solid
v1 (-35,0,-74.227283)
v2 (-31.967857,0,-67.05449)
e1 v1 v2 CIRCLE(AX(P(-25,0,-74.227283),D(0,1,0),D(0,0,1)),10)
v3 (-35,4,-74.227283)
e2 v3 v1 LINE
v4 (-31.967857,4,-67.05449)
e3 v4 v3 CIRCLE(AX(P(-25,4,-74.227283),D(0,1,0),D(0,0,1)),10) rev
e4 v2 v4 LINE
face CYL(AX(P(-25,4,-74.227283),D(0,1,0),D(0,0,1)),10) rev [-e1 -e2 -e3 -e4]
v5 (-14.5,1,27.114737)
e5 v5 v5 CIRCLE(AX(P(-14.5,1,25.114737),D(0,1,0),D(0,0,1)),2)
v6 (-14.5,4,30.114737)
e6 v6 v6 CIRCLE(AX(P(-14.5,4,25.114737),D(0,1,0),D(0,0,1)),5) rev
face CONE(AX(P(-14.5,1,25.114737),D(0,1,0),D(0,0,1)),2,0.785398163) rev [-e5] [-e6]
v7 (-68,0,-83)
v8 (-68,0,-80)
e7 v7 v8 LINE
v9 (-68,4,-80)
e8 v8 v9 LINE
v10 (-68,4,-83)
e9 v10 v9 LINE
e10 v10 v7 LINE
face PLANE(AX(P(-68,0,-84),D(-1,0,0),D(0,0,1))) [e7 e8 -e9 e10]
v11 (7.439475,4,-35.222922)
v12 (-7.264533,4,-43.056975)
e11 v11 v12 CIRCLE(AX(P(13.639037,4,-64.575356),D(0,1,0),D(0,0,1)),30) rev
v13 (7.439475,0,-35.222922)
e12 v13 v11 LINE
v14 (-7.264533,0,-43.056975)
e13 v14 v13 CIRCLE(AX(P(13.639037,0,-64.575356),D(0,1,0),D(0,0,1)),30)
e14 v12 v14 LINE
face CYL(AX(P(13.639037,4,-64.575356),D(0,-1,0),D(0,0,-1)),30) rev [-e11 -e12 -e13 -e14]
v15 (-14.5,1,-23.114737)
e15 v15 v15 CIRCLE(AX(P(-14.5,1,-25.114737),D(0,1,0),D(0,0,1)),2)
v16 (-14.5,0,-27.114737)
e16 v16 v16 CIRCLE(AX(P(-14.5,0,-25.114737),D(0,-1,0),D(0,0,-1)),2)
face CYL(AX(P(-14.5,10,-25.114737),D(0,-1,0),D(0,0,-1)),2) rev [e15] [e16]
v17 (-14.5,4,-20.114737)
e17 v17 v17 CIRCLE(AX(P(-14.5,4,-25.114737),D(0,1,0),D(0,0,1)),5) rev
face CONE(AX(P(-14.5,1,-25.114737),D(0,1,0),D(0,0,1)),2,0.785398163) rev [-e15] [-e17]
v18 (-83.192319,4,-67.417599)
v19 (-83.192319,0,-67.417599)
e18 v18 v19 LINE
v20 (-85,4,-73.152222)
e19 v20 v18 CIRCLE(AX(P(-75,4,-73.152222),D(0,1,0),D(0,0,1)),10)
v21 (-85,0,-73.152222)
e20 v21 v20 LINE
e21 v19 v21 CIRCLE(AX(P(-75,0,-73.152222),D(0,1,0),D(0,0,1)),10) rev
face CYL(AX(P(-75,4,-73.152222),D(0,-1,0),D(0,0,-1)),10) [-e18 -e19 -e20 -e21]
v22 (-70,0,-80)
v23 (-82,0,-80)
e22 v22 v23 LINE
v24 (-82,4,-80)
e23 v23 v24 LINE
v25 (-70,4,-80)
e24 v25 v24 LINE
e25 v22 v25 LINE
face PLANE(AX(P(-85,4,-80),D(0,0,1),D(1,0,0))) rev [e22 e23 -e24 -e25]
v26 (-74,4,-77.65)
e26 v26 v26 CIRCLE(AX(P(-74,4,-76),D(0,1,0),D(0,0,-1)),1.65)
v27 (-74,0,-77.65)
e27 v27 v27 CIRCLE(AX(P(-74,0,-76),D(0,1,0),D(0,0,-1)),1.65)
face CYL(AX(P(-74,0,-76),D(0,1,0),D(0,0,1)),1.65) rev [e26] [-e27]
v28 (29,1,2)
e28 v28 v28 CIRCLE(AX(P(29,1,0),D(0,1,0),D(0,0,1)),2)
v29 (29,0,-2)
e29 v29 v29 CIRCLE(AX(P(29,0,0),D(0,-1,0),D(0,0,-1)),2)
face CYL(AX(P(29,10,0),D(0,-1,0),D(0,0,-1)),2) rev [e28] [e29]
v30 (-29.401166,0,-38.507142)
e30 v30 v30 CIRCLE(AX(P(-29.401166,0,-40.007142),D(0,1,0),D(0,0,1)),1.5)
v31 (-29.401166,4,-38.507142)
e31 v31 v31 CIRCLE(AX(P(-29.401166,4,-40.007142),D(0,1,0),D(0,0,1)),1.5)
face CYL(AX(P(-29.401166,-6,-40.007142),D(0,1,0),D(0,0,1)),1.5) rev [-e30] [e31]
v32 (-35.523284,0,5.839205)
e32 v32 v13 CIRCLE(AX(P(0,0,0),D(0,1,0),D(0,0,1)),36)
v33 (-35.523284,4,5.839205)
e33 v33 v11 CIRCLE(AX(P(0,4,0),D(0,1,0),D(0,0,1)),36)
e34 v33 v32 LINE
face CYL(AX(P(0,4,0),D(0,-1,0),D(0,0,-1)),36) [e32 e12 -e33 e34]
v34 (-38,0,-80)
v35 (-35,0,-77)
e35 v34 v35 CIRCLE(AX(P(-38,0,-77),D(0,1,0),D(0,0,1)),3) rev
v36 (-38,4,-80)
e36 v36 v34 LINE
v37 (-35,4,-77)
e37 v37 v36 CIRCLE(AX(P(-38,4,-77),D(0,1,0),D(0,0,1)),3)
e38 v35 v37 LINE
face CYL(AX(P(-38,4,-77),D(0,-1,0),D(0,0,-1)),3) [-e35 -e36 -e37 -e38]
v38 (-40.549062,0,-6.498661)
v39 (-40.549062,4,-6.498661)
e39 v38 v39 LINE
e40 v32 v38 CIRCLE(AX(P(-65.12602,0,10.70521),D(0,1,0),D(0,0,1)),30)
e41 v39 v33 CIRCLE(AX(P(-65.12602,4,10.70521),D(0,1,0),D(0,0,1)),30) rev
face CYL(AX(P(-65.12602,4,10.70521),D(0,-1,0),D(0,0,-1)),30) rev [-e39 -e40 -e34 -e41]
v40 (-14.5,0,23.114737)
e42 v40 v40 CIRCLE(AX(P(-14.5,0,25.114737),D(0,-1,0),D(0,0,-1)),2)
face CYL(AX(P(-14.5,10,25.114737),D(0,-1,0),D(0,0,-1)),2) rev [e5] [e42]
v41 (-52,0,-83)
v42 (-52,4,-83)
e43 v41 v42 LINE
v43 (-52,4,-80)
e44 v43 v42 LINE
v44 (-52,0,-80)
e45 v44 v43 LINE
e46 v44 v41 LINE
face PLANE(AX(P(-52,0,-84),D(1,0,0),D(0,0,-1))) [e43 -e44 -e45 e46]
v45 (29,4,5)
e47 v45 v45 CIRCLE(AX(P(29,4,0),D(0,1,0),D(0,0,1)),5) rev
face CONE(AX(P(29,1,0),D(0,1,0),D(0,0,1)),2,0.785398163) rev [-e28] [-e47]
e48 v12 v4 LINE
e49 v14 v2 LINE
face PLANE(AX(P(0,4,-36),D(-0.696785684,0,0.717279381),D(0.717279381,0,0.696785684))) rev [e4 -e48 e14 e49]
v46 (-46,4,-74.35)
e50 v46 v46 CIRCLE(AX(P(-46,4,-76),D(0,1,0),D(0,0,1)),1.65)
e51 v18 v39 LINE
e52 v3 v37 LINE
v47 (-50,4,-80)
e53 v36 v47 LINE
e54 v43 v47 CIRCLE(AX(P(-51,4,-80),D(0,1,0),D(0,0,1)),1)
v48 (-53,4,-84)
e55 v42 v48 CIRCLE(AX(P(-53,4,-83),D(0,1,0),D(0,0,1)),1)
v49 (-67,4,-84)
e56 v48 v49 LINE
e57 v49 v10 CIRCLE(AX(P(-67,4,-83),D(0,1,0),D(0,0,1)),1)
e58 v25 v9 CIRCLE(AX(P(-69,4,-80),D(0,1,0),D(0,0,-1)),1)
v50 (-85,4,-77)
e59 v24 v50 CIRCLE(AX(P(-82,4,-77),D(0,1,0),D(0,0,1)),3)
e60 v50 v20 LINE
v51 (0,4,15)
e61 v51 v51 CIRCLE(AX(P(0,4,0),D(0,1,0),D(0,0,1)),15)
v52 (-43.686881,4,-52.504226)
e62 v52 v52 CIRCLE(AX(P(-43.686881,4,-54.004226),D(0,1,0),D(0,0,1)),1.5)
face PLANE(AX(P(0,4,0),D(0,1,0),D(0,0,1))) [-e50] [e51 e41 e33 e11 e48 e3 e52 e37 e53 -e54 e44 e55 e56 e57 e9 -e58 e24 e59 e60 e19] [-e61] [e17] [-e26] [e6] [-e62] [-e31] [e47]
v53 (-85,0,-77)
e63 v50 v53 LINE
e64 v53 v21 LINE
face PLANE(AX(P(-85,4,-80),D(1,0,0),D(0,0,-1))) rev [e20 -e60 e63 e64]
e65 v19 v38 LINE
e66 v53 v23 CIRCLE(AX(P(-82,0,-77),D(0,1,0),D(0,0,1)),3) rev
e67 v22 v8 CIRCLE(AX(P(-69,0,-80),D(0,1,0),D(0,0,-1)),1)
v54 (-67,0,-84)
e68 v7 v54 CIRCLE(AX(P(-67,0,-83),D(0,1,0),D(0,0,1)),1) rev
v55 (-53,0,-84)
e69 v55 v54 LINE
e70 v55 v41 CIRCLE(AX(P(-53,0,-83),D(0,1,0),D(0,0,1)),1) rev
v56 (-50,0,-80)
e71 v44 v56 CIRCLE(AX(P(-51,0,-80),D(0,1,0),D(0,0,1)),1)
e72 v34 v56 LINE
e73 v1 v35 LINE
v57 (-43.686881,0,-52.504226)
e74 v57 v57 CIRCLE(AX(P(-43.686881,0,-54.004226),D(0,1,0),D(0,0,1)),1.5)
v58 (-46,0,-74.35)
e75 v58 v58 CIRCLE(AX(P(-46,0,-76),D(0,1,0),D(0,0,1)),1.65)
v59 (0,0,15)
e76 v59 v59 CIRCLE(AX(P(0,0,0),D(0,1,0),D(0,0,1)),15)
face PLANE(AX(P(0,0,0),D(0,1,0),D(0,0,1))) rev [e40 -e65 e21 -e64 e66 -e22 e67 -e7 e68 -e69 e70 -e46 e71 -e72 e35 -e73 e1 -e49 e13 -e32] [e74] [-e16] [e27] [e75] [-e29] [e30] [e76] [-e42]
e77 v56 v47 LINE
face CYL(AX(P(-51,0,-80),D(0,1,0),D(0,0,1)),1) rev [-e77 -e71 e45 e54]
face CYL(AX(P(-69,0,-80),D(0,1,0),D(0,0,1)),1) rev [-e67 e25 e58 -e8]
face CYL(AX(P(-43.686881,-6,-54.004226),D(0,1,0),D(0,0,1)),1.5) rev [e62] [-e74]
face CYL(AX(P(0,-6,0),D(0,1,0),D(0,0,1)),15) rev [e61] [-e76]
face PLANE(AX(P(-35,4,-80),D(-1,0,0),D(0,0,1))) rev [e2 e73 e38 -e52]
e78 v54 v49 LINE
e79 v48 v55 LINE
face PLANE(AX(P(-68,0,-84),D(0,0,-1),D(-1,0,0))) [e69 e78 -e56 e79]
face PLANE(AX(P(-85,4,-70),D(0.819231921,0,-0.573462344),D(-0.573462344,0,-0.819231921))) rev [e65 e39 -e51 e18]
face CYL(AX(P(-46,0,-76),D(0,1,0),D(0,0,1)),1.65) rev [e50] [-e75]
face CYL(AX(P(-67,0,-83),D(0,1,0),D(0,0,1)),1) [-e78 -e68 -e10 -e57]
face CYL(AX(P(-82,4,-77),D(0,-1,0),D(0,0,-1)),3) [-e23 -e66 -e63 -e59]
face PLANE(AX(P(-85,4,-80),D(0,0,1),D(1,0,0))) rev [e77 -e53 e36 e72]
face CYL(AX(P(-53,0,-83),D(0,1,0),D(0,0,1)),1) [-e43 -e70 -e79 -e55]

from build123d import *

# Parameters (mm, degrees)
EXTRUDE_1_DEPTH     = 4
FILLET_1_R          = 30
FILLET_2_R          = 30
SKETCH_4_R          = 1.65
CUT_EXTRUDE_3_DEPTH = 4
FILLET_4_R          = 10
FILLET_5_R          = 3
SKETCH_7_W          = 16
SKETCH_7_H          = 4
EXTRUDE_3_DEPTH     = 4
CUT_EXTRUDE_5_DEPTH = 4
FILLET_7_R          = 1
SKETCH_9_R          = 15
CUT_EXTRUDE_6_DEPTH = 10
SKETCH_10_R         = 2
CUT_EXTRUDE_7_DEPTH = 10
CHAMFER_1_SIZE      = 3
SKETCH_11_R         = 1.2
CUT_EXTRUDE_8_DEPTH = 10
SKETCH_12_R         = 1.5
CUT_EXTRUDE_9_DEPTH = 10


with BuildPart() as part:
    # 草图1 → 凸台-拉伸1 (new body)
    with BuildSketch(Plane(origin=(0, 0, 0), x_dir=(1, 0, 0), z_dir=(0, 1, 0))):
        with BuildLine():
            Line((-85, 80), (-35, 80))
            Line((-35, 80), (-35, 70))
            Line((-35, 70), (0, 36))
            ThreePointArc((0, 36), (25.455844123, -25.455844123), (-36, 0))
            Line((-36, 0), (-85, 70))
            Line((-85, 70), (-85, 80))
        make_face()
    extrude(amount=EXTRUDE_1_DEPTH)

    # 圆角1
    fillet_1_edges = [part.edges().sort_by_distance(p)[0] for p in [
        (0, 2, -36),
    ]]
    fillet(fillet_1_edges, radius=FILLET_1_R)

    # 圆角2
    fillet_2_edges = [part.edges().sort_by_distance(p)[0] for p in [
        (-36, 2, 0),
    ]]
    fillet(fillet_2_edges, radius=FILLET_2_R)

    # 草图4 → 切除-拉伸3 (cut)
    with BuildSketch(Plane(origin=(0, 4, 0), x_dir=(1, 0, 0), z_dir=(0, 1, 0))):
        with Locations(Location((-46, 76, 0), (0, 0, 270))):
            Circle(SKETCH_4_R)
        with Locations(Location((-74, 76, 0), (0, 0, 90))):
            Circle(SKETCH_4_R)
    extrude(amount=-CUT_EXTRUDE_3_DEPTH, mode=Mode.SUBTRACT)

    # 圆角4
    fillet_4_edges = [part.edges().sort_by_distance(p)[0] for p in [
        (-35, 2, -70),
        (-85, 2, -70),
    ]]
    fillet(fillet_4_edges, radius=FILLET_4_R)

    # 圆角5
    fillet_5_edges = [part.edges().sort_by_distance(p)[0] for p in [
        (-85, 2, -80),
        (-35, 2, -80),
    ]]
    fillet(fillet_5_edges, radius=FILLET_5_R)

    # 草图7 → 凸台-拉伸3 (add)
    with BuildSketch(Plane(origin=(0, 4, 0), x_dir=(1, 0, 0), z_dir=(0, 1, 0))):
        with Locations((-60, 82)):
            Rectangle(SKETCH_7_W, SKETCH_7_H)
    extrude(amount=-EXTRUDE_3_DEPTH)

    # 草图8 → 切除-拉伸5 (cut)
    with BuildSketch(Plane(origin=(0, 4, 0), x_dir=(1, 0, 0), z_dir=(0, 1, 0))):
        with BuildLine():
            Line((-50, 80), (-52, 80))
            ThreePointArc((-52, 80), (-51, 79), (-50, 80))
        make_face()
        with BuildLine():
            Line((-70, 80), (-68, 80))
            ThreePointArc((-68, 80), (-69, 79), (-70, 80))
        make_face()
    extrude(amount=-CUT_EXTRUDE_5_DEPTH, mode=Mode.SUBTRACT)

    # 圆角7
    fillet_7_edges = [part.edges().sort_by_distance(p)[0] for p in [
        (-52, 2, -84),
        (-68, 2, -84),
    ]]
    fillet(fillet_7_edges, radius=FILLET_7_R)

    # 草图9 → 切除-拉伸6 (cut)
    with BuildSketch(Plane(origin=(0, 4, 0), x_dir=(1, 0, 0), z_dir=(0, 1, 0))):
        with Locations(Location((0, 0, 0), (0, 0, 270))):
            Circle(SKETCH_9_R)
    extrude(amount=-CUT_EXTRUDE_6_DEPTH, mode=Mode.SUBTRACT)

    # 草图10 → 切除-拉伸7 (cut)
    with BuildSketch(Plane.XZ):
        with Locations(Location((29, 0, 0), (0, 0, 270))):
            Circle(SKETCH_10_R)
        with Locations(Location((-14.5, -25.11473671, 0), (0, 0, 270))):
            Circle(SKETCH_10_R)
        with Locations(Location((-14.5, 25.11473671, 0), (0, 0, 270))):
            Circle(SKETCH_10_R)
    extrude(amount=-CUT_EXTRUDE_7_DEPTH, mode=Mode.SUBTRACT)

    # 倒角1
    chamfer_1_edges = [part.edges().sort_by_distance(p)[0] for p in [
        (29, 4, 2),
        (-14.5, 4, -23.11473671),
        (-14.5, 4, 27.11473671),
    ]]
    chamfer(chamfer_1_edges, length=CHAMFER_1_SIZE)

    # 草图11 → 切除-拉伸8 (cut)
    with BuildSketch(Plane(origin=(0, 4, 0), x_dir=(1, 0, 0), z_dir=(0, 1, 0))):
        with Locations(Location((-29.401166302, 40.007142113, 0), (0, 0, 270))):
            Circle(SKETCH_11_R)
        with Locations(Location((-43.686880588, 54.004226358, 0), (0, 0, 270))):
            Circle(SKETCH_11_R)
    extrude(amount=-CUT_EXTRUDE_8_DEPTH, mode=Mode.SUBTRACT)

    # 草图12 → 切除-拉伸9 (cut)
    with BuildSketch(Plane(origin=(0, 4, 0), x_dir=(1, 0, 0), z_dir=(0, 1, 0))):
        with Locations(Location((-43.686880588, 54.004226358, 0), (0, 0, 270))):
            Circle(SKETCH_12_R)
        with Locations(Location((-29.401166302, 40.007142113, 0), (0, 0, 270))):
            Circle(SKETCH_12_R)
    extrude(amount=-CUT_EXTRUDE_9_DEPTH, mode=Mode.SUBTRACT)


solid = part.part
